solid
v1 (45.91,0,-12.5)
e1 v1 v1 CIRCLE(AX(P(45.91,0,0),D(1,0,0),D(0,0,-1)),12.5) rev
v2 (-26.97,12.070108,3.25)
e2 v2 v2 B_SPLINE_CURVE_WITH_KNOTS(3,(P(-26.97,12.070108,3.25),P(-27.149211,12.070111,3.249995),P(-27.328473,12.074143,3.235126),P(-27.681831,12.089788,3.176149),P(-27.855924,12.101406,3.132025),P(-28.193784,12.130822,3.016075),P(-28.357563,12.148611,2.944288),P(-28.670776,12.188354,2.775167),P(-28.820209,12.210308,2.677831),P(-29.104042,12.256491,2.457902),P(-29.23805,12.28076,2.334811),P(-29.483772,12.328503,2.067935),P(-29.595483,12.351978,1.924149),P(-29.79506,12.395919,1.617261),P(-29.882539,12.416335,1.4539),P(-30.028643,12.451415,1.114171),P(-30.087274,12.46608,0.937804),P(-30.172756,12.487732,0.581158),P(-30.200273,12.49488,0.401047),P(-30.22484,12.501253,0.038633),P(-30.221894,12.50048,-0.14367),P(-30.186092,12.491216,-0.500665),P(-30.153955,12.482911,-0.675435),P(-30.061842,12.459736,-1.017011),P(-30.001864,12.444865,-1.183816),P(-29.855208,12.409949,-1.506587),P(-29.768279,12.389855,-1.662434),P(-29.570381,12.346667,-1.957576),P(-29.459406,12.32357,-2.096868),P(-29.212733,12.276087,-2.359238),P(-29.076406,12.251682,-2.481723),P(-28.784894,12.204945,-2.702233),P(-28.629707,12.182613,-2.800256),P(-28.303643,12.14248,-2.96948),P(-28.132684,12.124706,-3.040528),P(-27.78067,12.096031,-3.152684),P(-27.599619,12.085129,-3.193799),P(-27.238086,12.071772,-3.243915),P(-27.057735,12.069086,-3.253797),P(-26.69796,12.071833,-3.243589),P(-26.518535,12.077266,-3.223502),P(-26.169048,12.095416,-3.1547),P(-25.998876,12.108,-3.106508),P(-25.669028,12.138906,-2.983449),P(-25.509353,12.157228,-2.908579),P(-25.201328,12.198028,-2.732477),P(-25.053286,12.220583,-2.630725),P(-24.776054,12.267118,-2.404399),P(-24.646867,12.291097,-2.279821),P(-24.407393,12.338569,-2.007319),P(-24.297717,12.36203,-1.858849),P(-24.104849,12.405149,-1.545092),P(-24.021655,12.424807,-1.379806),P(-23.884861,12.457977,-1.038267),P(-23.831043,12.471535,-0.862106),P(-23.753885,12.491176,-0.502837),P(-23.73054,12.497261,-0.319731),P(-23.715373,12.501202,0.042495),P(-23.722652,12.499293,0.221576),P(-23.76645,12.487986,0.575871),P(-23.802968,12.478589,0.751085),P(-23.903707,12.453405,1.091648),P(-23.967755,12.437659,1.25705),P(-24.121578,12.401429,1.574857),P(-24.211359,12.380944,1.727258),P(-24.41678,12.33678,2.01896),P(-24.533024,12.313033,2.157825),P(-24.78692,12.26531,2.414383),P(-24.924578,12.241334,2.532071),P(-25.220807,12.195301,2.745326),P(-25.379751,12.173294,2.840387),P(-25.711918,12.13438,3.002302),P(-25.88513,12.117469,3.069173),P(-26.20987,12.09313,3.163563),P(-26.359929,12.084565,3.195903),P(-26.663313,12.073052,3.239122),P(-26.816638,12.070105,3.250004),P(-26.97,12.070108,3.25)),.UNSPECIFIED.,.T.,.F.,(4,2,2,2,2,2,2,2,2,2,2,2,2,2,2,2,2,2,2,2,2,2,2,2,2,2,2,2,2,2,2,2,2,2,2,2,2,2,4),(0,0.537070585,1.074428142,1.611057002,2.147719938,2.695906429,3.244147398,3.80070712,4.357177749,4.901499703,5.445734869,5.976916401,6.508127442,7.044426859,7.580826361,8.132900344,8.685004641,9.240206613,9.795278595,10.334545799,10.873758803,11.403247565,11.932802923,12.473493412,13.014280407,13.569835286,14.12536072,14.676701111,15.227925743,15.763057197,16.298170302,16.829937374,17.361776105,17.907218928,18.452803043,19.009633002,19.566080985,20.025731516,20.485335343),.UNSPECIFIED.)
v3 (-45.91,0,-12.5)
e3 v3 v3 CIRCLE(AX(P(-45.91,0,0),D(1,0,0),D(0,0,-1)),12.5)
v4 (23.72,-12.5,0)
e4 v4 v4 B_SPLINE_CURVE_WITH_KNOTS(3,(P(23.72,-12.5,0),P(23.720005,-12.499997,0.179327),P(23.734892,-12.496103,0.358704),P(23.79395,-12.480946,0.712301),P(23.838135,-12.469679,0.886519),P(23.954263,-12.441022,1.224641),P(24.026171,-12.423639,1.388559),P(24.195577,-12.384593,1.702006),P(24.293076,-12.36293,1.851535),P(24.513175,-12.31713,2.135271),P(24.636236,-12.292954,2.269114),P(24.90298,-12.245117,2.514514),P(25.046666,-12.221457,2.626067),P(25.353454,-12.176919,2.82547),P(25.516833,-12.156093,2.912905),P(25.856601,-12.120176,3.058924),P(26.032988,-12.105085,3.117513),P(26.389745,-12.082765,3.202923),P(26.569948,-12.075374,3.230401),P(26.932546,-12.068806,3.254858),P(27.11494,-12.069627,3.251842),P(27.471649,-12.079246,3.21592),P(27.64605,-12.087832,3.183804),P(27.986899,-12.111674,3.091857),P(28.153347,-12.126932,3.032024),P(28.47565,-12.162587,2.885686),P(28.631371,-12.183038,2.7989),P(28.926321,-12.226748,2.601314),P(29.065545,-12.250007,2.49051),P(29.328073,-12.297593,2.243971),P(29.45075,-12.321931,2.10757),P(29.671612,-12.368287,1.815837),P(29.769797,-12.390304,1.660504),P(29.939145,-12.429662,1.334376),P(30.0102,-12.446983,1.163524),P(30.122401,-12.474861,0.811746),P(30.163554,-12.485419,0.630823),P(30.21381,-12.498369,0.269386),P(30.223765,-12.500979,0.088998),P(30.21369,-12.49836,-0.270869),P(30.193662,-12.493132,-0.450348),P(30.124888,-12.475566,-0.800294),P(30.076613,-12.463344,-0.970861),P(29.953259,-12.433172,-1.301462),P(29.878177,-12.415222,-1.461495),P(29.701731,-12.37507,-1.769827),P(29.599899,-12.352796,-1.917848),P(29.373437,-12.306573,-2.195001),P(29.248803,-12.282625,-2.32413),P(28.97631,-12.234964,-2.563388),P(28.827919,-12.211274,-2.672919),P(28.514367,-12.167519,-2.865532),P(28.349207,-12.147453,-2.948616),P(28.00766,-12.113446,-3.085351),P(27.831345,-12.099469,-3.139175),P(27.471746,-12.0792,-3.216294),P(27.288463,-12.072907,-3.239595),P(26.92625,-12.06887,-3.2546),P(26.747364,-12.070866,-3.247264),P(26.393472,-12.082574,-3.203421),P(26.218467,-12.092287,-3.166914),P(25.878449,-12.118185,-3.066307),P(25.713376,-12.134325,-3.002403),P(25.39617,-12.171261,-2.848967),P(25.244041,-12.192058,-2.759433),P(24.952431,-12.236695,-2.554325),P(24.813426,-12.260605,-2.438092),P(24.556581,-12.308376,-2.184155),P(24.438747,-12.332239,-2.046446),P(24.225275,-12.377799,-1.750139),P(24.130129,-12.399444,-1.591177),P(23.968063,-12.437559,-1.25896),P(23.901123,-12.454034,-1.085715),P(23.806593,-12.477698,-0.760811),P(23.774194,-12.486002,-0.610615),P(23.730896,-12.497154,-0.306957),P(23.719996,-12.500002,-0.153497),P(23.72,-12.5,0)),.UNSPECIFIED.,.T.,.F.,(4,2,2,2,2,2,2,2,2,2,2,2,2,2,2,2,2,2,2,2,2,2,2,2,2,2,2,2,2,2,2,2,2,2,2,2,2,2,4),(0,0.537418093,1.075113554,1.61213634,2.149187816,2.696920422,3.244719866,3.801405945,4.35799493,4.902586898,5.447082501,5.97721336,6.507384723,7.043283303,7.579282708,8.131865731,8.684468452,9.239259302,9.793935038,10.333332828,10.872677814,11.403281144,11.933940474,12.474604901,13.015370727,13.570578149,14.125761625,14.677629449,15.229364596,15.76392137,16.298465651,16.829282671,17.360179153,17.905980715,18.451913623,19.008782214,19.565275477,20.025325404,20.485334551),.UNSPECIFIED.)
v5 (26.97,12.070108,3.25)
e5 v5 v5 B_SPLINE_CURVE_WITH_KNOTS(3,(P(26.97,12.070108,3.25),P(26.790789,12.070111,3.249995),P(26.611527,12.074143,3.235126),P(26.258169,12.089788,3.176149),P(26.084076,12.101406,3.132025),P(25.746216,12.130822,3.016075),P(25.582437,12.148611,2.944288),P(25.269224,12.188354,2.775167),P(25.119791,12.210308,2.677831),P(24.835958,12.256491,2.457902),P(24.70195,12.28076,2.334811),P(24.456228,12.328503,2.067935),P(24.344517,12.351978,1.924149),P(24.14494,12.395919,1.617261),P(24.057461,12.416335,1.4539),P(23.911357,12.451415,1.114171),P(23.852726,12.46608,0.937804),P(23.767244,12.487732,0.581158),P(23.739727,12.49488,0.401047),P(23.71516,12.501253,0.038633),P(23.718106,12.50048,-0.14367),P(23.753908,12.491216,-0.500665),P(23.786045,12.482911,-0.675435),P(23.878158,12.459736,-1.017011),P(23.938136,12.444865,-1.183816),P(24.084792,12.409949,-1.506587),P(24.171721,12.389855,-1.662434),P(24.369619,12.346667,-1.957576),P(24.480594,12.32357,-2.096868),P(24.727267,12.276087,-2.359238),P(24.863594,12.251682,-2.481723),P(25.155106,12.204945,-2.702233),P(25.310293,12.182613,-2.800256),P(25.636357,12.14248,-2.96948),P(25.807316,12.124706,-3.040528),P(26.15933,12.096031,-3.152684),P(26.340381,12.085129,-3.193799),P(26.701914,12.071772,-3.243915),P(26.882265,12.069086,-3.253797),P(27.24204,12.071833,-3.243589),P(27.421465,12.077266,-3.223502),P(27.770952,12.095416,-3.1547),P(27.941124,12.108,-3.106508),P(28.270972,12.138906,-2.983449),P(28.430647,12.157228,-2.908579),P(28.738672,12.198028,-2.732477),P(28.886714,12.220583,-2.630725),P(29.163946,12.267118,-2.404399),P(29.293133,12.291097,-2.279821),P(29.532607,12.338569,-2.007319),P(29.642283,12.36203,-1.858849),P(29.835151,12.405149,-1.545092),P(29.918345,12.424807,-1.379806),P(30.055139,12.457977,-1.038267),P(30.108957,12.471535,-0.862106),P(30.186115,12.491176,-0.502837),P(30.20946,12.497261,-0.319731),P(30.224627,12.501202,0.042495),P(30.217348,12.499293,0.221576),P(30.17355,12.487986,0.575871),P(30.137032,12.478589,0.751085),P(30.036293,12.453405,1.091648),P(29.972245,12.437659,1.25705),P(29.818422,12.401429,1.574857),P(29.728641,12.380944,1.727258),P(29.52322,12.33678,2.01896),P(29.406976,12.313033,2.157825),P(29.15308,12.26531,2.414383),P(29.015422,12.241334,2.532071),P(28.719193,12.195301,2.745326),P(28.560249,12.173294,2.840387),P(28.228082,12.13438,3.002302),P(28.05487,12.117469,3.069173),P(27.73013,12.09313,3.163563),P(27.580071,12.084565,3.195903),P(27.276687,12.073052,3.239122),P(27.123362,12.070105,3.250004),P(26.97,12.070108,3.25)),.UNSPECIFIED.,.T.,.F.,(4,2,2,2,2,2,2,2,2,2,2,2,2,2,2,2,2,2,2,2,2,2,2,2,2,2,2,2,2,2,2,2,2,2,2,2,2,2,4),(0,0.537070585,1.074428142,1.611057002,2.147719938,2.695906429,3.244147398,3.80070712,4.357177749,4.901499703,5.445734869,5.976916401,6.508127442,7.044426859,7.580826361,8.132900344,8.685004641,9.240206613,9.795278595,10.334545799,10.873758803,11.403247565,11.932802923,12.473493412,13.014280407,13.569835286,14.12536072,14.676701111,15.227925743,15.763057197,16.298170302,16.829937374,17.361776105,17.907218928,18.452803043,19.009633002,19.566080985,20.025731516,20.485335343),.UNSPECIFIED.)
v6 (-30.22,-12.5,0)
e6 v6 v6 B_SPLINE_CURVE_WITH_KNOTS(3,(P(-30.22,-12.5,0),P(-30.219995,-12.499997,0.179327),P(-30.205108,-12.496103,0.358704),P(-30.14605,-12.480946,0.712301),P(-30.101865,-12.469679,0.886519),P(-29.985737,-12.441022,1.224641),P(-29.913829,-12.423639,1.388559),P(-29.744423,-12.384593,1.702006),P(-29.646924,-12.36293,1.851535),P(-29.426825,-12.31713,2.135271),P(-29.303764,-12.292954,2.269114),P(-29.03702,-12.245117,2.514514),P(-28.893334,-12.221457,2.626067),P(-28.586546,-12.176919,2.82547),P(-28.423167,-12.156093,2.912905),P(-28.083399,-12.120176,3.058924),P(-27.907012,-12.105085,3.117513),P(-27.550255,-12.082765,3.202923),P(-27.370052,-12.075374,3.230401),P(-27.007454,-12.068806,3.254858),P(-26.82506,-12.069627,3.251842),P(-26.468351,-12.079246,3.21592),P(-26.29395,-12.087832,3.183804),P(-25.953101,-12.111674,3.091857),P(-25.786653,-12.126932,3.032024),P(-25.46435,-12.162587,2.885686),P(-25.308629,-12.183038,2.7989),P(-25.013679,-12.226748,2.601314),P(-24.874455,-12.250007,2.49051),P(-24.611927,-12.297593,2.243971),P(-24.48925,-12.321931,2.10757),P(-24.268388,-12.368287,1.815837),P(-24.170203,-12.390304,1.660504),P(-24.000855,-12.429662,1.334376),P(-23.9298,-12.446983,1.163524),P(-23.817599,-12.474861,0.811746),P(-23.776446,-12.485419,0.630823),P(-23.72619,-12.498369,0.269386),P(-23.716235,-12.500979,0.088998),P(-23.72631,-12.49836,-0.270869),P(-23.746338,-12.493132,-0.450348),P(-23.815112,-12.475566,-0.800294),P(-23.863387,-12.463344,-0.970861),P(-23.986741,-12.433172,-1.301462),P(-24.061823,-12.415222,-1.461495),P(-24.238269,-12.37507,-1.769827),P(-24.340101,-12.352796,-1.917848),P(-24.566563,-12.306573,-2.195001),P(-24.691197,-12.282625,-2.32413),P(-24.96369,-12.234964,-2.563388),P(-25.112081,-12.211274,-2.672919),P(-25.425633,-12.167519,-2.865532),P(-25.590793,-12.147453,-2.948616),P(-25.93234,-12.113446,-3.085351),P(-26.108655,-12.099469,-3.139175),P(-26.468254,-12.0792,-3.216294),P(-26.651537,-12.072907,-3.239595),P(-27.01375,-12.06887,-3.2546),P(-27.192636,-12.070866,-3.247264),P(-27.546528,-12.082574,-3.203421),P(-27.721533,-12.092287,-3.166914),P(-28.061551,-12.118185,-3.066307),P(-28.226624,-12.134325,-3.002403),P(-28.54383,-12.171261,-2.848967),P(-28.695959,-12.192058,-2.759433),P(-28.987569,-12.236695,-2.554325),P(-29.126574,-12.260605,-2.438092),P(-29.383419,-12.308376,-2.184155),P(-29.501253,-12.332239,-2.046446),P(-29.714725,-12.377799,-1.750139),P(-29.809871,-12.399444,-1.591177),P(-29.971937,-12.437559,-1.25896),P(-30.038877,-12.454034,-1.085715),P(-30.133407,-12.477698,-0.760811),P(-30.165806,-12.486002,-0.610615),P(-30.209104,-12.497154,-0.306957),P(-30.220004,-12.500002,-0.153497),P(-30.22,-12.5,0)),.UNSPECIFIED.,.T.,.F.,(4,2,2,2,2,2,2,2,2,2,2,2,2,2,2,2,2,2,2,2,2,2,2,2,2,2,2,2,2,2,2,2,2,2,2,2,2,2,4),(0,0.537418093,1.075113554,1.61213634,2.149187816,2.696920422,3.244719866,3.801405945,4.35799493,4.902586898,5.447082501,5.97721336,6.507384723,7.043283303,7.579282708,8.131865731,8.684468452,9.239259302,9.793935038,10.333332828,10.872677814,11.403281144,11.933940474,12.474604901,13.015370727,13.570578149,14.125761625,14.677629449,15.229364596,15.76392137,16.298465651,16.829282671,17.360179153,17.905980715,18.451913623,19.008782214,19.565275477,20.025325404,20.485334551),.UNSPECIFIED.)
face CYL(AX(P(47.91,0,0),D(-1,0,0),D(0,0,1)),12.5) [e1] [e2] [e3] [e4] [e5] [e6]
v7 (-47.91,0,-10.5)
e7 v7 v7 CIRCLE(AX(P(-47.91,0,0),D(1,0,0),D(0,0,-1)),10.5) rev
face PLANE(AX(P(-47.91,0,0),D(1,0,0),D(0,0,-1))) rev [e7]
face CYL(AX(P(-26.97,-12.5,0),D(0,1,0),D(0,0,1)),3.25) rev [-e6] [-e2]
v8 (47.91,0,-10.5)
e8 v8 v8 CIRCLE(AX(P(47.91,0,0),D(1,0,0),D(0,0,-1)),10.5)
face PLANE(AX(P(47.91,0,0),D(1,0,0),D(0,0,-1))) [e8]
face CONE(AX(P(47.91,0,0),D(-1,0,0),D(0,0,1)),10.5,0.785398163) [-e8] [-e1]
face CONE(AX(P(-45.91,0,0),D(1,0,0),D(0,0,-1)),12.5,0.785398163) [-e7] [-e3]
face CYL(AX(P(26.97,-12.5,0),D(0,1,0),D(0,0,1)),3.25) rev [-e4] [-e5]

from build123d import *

# Parameters (mm, degrees)
ESBO_O1_R                  = 12.5
RESSALTO_EXTRUS_O1_DEPTH   = 47.91
CHANFRO1_SIZE              = 2
CORTE_EXTRUS_O1_DEPTH      = 52.067289922
CORTE_EXTRUS_O1_DEPTH_BACK = 52.067289922
ESBO_O2_R                  = 3.25


with BuildPart() as part:
    # Esboço1 → Ressalto-extrusão1 (new, symmetric)
    with BuildSketch(Plane(origin=(0, 0, 0), x_dir=(0, -1, 0), z_dir=(1, 0, 0))):
        with Locations(Location((0, 0, 0), (0, 0, 90))):
            Circle(ESBO_O1_R)
    extrude(amount=RESSALTO_EXTRUS_O1_DEPTH, both=True)

    # Chanfro1
    chanfro1_edges = [part.edges().sort_by_distance(p)[0] for p in [
        (-47.91, 0, 12.5),
        (47.91, 0, 12.5),
    ]]
    chamfer(chanfro1_edges, length=CHANFRO1_SIZE)

    # Esboço2 → Corte-extrusão1 (cut, two sides: drawn at the far end of the back side and taken through both)
    with BuildSketch(Plane(origin=(0, 0, 0), x_dir=(1, 0, 0), z_dir=(0, 1, 0)).offset(-CORTE_EXTRUS_O1_DEPTH_BACK)):
        with Locations(Location((-26.97, 0, 0), (0, 0, 270))):
            Circle(ESBO_O2_R)
        with Locations(Location((26.97, 0, 0), (0, 0, 270))):
            Circle(ESBO_O2_R)
    extrude(amount=CORTE_EXTRUS_O1_DEPTH + CORTE_EXTRUS_O1_DEPTH_BACK, mode=Mode.SUBTRACT)


solid = part.part
